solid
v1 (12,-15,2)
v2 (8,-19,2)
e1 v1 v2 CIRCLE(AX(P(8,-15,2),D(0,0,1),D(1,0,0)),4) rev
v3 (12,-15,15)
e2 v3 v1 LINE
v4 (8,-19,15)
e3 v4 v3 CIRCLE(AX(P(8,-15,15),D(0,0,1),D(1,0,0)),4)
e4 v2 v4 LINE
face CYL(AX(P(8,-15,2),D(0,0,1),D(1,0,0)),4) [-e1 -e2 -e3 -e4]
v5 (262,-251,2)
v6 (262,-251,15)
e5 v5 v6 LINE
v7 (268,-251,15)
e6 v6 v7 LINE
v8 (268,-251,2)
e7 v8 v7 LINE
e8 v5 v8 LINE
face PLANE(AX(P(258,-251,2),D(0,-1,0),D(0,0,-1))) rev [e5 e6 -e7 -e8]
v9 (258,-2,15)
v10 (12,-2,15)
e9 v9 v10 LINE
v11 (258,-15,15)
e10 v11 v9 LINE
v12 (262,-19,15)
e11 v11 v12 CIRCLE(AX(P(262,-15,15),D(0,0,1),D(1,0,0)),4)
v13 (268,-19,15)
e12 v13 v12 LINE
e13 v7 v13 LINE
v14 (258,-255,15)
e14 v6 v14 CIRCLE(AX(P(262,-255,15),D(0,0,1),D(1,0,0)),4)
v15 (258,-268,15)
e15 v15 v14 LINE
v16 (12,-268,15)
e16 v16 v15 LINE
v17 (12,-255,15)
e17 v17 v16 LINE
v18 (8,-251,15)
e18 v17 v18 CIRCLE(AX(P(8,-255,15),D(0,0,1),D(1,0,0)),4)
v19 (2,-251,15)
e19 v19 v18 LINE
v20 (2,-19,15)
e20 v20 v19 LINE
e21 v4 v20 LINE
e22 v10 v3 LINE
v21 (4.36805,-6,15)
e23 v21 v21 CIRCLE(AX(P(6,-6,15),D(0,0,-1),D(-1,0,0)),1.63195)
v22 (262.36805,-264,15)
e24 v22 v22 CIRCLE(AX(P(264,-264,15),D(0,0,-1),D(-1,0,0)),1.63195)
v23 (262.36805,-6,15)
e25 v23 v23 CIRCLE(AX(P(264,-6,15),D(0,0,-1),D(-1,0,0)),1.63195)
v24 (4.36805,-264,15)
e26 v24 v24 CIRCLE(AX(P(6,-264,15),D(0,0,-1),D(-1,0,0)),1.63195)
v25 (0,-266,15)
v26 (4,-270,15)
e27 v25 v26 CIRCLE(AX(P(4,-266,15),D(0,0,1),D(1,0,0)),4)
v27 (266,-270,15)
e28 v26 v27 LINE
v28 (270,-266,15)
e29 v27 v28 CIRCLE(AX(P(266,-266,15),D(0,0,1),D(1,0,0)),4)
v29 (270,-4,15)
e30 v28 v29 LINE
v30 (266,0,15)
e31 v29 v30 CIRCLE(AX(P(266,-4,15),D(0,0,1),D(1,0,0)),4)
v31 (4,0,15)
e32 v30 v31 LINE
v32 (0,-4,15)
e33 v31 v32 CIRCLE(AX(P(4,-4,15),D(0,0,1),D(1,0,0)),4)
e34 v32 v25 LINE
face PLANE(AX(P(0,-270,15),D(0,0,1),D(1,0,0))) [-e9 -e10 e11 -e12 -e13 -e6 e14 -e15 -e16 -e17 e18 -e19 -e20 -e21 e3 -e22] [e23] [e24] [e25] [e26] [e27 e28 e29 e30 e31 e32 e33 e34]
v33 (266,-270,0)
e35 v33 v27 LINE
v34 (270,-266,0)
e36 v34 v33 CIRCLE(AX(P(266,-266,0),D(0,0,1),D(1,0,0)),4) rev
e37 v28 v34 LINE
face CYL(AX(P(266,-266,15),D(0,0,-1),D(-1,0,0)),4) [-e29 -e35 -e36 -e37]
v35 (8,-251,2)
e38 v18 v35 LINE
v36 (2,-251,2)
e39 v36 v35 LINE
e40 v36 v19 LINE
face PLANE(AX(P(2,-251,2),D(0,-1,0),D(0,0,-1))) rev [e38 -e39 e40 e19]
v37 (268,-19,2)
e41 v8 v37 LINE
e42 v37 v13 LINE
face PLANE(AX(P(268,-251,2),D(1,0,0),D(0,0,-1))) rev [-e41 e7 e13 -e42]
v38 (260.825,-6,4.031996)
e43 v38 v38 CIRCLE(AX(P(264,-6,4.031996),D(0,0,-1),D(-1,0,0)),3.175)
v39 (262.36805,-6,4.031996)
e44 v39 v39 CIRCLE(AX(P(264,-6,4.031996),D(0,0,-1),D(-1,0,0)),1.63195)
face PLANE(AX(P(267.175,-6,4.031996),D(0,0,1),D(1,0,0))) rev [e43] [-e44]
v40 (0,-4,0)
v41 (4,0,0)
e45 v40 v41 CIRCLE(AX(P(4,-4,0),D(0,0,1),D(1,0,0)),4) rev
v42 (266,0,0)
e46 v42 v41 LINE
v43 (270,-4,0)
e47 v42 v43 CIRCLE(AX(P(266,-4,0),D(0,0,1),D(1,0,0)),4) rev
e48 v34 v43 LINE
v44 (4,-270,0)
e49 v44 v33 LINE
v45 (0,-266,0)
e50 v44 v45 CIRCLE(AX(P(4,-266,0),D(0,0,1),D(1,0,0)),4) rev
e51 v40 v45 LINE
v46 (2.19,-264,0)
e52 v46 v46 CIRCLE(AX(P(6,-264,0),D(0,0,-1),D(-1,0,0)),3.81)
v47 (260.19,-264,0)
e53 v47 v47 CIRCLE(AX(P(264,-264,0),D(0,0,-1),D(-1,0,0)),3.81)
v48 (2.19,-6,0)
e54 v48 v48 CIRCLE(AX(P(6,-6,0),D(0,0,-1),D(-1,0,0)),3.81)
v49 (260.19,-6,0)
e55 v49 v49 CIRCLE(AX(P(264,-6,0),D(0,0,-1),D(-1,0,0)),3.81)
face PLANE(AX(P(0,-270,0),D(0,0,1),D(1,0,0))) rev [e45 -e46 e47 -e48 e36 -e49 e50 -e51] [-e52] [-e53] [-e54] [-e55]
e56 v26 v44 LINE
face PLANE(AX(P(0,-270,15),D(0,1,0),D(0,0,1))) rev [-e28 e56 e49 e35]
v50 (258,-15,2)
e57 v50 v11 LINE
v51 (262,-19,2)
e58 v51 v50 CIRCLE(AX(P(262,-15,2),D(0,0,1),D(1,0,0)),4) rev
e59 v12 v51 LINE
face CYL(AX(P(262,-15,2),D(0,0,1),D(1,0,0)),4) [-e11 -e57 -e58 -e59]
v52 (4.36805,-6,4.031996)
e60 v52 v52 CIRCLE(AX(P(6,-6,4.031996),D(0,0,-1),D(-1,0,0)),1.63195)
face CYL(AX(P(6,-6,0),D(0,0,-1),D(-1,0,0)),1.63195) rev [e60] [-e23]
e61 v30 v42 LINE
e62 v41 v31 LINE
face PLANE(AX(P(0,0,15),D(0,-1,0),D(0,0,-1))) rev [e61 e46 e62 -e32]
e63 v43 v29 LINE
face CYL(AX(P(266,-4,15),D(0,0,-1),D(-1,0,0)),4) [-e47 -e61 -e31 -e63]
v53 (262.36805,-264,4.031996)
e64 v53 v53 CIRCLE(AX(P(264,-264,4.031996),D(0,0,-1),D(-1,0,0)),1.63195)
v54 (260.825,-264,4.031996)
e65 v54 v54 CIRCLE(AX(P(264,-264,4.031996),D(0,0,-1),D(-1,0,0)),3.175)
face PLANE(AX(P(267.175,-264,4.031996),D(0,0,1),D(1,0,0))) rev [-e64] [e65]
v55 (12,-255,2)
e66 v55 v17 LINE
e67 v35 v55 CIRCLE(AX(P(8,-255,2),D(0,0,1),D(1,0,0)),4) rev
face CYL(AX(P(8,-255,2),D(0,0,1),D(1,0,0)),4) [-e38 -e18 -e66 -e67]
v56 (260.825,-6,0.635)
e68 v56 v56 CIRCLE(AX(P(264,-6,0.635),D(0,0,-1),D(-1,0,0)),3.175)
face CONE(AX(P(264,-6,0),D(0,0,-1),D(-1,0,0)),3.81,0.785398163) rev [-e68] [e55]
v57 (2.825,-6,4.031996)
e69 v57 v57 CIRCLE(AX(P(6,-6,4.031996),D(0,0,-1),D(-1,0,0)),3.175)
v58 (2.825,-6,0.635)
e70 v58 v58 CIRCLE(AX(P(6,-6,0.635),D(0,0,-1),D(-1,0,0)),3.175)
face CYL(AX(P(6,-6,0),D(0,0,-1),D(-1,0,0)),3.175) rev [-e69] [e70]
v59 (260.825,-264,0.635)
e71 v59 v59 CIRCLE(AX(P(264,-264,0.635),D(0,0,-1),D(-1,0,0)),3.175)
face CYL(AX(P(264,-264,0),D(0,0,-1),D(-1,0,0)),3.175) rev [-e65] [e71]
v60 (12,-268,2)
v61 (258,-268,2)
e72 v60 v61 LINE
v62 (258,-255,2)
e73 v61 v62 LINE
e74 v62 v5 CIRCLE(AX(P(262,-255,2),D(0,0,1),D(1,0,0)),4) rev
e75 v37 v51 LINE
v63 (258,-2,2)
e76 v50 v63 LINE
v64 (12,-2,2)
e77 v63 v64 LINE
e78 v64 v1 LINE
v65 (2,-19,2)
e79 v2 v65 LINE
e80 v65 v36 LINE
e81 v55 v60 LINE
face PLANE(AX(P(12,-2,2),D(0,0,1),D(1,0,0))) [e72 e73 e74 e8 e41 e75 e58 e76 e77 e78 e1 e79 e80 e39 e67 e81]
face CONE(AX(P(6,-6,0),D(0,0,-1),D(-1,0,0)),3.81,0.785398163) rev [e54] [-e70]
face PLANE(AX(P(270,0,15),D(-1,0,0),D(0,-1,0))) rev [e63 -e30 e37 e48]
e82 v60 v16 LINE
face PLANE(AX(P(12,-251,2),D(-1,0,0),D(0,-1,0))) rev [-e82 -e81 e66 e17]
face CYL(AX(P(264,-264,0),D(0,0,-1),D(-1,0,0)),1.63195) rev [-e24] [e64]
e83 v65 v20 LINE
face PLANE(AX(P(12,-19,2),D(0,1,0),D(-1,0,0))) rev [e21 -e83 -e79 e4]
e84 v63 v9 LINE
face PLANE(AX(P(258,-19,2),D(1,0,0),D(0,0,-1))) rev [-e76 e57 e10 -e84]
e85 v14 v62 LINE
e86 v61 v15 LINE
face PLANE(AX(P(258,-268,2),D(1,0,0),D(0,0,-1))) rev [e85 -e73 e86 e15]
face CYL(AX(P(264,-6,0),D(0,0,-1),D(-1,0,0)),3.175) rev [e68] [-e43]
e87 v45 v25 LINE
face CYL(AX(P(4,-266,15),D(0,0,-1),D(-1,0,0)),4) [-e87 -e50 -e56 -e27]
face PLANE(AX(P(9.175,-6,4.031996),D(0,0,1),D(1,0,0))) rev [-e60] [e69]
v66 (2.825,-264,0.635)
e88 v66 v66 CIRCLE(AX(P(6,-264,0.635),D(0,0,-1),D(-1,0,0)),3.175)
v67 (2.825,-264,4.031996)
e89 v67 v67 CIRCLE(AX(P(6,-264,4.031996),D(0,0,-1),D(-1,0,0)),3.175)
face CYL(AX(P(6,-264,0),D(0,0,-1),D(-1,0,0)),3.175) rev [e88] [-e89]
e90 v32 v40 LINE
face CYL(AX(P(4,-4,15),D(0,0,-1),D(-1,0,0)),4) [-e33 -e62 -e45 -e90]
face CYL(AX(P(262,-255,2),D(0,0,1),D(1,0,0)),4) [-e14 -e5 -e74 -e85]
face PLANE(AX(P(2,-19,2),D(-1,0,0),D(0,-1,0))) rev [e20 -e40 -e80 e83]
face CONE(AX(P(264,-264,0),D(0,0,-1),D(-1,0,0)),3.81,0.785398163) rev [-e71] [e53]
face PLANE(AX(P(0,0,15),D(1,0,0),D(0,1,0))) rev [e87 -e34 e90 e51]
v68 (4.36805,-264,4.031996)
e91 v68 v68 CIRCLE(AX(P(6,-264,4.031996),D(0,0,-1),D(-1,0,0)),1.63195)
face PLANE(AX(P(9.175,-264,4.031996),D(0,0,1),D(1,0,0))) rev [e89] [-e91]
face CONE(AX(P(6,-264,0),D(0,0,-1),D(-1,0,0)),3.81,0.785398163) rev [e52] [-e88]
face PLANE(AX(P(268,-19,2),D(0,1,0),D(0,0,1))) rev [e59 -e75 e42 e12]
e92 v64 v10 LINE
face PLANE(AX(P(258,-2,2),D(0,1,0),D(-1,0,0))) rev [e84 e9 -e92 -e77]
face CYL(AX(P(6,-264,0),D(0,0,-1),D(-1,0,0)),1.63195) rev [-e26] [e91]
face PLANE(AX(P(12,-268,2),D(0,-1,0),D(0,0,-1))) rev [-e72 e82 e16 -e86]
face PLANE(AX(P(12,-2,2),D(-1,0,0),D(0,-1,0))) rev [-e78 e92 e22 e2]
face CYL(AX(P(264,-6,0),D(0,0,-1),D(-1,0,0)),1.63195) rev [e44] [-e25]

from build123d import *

# Parameters (mm, degrees)
ESQUISSE1_W                                  = 270
ESQUISSE1_H                                  = 270
EXTRUSION1_DEPTH                             = 15
CONG_2_R                                     = 4
EXTRUSION2_DEPTH                             = 13
CONG_3_R                                     = 4
CHAMBRAGE_POUR_VIS_T_TE_RONDE_BOMB_E_A_COUNT = 2
CHAMBRAGE_POUR_VIS_T_TE_RONDE_BOMB_E_A_PITCH = 258
CHAMBRAGE_POUR_VIS_T_TE_RONDE_BOMB_2_COUNT   = 2
CHAMBRAGE_POUR_VIS_T_TE_RONDE_BOMB_2_PITCH   = 364.867099092
CHAMBRAGE_POUR_VIS_T_TE_RONDE_BOMB_3_COUNT   = 2
CHAMBRAGE_POUR_VIS_T_TE_RONDE_BOMB_3_PITCH   = 258


with BuildPart() as part:
    # Esquisse1 → Extrusion1 (new body)
    with BuildSketch(Plane.XY):
        with Locations((135, -135)):
            Rectangle(ESQUISSE1_W, ESQUISSE1_H)
    extrude(amount=EXTRUSION1_DEPTH)

    # Congé2
    cong_2_edges = [part.edges().sort_by_distance(p)[0] for p in [
        (0, 0, 7.5),
        (270, 0, 7.5),
        (270, -270, 7.5),
        (0, -270, 7.5),
    ]]
    fillet(cong_2_edges, radius=CONG_2_R)

    # Esquisse2 → Extrusion2 (cut)
    with BuildSketch(Plane.XY.offset(15)):
        Polygon((12, -2), (12, -19), (2, -19), (2, -251), (12, -251), (12, -268), (258, -268), (258, -251), (268, -251), (268, -19), (258, -19), (258, -2), align=None)
    extrude(amount=-EXTRUSION2_DEPTH, mode=Mode.SUBTRACT)

    # Congé3
    cong_3_edges = [part.edges().sort_by_distance(p)[0] for p in [
        (258, -19, 8.5),
        (258, -251, 8.5),
        (12, -251, 8.5),
        (12, -19, 8.5),
    ]]
    fillet(cong_3_edges, radius=CONG_3_R)

    # Esquisse6 → Chambrage pour vis à tête ronde bombée #41 (revolve, cut)
    with BuildSketch(Plane(origin=(264, -6, 0), x_dir=(0, 1, 0), z_dir=(1, 0, 0))):
        Polygon((0, 0), (0, 15), (1.63195, 15), (1.63195, 4.031996), (3.175, 4.031996), (3.175, 0.635), (3.81, 0), align=None)
    chambrage_pour_vis_t_te_ronde_bomb_e = revolve(axis=Axis((264, -6, -6.35), (0, 0, 1)), mode=Mode.SUBTRACT)

    # Chambrage pour vis à tête ronde bombée #41 a: Chambrage pour vis à tête ronde bombée #41 ×2
    with Locations(*[(-i * CHAMBRAGE_POUR_VIS_T_TE_RONDE_BOMB_E_A_PITCH, 0, 0) for i in range(1, CHAMBRAGE_POUR_VIS_T_TE_RONDE_BOMB_E_A_COUNT)]):
        add(chambrage_pour_vis_t_te_ronde_bomb_e, mode=Mode.SUBTRACT)

    # Chambrage pour vis _ t_te ronde bomb 2: Chambrage pour vis à tête ronde bombée #41 ×2
    with Locations(*[Vector(-0.707106781, -0.707106781, 0) * (i * CHAMBRAGE_POUR_VIS_T_TE_RONDE_BOMB_2_PITCH) for i in range(1, CHAMBRAGE_POUR_VIS_T_TE_RONDE_BOMB_2_COUNT)]):
        add(chambrage_pour_vis_t_te_ronde_bomb_e, mode=Mode.SUBTRACT)

    # Chambrage pour vis _ t_te ronde bomb 3: Chambrage pour vis à tête ronde bombée #41 ×2
    with Locations(*[(0, -i * CHAMBRAGE_POUR_VIS_T_TE_RONDE_BOMB_3_PITCH, 0) for i in range(1, CHAMBRAGE_POUR_VIS_T_TE_RONDE_BOMB_3_COUNT)]):
        add(chambrage_pour_vis_t_te_ronde_bomb_e, mode=Mode.SUBTRACT)


solid = part.part
